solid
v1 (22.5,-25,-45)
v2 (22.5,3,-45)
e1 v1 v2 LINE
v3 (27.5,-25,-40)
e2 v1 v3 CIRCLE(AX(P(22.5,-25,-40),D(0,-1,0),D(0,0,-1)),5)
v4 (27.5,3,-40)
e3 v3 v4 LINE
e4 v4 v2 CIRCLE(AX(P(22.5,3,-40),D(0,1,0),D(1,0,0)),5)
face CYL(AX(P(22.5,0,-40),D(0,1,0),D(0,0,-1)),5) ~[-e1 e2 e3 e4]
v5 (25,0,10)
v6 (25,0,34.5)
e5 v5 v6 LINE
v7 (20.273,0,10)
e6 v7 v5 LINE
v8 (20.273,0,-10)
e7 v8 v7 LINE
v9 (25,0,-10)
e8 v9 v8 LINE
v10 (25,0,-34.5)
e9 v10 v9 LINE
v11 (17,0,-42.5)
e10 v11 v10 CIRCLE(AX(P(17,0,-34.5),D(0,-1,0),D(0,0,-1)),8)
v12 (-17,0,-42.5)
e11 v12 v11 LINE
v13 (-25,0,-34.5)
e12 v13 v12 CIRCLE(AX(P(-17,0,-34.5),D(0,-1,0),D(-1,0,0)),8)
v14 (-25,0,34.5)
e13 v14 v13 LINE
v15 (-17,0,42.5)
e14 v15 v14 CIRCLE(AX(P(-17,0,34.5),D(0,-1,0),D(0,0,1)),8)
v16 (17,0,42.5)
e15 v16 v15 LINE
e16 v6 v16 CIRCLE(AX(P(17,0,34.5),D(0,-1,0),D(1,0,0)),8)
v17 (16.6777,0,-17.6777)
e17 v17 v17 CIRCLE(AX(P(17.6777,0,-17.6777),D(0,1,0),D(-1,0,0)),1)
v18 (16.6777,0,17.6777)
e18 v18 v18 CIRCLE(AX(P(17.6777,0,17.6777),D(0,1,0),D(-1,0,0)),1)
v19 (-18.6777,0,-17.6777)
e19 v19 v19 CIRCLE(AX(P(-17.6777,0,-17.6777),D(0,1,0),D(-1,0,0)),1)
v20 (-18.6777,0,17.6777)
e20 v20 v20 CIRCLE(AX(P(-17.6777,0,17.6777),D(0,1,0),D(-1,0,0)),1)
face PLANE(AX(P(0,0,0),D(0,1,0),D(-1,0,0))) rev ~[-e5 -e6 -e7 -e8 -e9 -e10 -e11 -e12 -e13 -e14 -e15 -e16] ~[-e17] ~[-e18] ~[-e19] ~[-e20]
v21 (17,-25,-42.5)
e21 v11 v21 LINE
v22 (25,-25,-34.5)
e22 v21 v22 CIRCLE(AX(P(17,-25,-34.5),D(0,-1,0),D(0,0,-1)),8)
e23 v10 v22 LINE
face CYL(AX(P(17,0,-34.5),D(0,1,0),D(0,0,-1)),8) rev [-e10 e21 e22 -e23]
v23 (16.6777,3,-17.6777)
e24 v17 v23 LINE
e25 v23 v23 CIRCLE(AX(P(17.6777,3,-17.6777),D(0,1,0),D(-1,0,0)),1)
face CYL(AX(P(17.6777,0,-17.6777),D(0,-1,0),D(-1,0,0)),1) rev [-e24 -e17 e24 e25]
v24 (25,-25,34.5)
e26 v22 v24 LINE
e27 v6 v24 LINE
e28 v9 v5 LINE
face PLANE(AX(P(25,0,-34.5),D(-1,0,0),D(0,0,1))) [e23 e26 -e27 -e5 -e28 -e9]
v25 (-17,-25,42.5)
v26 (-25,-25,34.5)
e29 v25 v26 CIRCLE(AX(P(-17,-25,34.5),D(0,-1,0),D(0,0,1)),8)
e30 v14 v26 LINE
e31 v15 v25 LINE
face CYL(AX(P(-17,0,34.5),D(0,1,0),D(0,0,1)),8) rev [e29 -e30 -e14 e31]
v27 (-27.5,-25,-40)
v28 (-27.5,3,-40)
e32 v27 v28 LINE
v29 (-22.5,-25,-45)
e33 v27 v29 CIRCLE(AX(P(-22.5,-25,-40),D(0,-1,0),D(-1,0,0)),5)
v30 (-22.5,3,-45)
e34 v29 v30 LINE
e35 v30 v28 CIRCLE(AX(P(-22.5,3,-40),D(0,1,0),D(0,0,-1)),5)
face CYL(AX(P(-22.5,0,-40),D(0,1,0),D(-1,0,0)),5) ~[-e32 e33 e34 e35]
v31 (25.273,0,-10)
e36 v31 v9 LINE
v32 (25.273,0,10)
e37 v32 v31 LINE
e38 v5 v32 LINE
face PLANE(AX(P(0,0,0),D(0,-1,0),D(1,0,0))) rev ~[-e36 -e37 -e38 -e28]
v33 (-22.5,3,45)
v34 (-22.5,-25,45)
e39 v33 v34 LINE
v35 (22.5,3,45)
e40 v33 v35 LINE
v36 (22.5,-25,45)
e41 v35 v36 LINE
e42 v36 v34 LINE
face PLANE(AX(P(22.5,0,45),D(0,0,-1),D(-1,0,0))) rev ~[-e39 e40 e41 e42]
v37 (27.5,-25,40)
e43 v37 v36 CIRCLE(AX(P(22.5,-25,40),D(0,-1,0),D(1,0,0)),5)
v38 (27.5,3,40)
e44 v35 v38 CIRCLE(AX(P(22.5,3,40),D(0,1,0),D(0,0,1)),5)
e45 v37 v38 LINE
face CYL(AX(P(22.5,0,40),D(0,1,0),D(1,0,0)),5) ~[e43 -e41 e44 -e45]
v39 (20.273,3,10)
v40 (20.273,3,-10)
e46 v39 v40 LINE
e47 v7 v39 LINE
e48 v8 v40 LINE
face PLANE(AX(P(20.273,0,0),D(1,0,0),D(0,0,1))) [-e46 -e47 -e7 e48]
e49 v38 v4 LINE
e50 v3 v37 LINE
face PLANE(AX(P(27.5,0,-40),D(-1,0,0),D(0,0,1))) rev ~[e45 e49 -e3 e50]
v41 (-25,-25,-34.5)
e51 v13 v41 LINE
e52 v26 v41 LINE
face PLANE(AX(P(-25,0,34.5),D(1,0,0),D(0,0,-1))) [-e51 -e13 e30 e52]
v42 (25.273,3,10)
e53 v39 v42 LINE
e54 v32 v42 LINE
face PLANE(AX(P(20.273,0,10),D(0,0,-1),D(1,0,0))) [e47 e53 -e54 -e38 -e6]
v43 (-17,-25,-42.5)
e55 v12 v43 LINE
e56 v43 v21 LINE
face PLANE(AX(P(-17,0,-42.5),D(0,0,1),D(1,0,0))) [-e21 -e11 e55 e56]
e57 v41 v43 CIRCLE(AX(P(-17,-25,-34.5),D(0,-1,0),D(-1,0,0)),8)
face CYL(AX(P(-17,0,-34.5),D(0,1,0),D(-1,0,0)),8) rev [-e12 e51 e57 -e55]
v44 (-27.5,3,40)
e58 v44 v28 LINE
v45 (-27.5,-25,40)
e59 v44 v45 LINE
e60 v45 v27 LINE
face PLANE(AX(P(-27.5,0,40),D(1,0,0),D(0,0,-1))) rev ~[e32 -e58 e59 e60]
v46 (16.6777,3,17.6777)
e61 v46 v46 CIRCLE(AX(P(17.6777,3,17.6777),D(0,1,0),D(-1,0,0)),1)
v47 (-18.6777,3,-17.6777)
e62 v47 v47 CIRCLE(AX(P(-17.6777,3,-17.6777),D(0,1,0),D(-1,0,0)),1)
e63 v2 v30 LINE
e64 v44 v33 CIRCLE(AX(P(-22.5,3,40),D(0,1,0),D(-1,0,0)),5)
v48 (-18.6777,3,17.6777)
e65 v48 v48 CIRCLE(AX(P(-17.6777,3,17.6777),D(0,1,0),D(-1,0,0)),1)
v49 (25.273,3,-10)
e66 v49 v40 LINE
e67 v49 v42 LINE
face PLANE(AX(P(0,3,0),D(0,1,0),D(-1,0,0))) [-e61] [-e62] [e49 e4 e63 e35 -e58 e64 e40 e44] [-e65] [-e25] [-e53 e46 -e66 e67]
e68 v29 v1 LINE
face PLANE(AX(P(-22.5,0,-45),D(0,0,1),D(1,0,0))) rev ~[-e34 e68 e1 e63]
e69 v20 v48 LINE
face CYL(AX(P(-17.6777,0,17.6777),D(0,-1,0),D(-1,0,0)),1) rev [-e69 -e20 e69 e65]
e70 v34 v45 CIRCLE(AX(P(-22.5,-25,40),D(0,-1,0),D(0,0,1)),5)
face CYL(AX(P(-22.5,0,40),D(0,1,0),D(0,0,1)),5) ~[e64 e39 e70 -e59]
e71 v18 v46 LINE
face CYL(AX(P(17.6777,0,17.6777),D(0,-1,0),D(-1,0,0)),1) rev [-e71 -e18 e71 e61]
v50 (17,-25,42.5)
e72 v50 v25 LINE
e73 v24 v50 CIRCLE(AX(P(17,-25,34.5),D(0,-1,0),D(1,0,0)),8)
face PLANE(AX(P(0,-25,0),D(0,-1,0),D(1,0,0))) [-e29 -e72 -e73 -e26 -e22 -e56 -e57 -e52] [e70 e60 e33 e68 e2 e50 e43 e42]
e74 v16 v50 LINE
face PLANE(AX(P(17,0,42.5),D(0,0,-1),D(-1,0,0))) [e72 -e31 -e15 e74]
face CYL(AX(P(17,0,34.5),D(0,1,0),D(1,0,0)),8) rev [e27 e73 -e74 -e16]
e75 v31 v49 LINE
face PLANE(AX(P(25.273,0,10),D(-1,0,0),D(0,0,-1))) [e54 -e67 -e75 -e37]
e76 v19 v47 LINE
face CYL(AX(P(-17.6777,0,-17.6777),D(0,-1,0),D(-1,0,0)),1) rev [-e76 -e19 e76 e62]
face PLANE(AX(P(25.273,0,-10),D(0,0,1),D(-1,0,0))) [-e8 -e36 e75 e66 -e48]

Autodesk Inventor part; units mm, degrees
ref_plane "YZ Plane" through (0, 0, 0) normal (1, 0, 0) x (0, 1, 0)
ref_plane "XZ Plane" through (0, 0, 0) normal (0, 1, 0) x (-1, 0, 0)
ref_plane "XY Plane" through (0, 0, 0) normal (0, 0, 1) x (1, 0, 0)
sketch "Sketch1" plane through (0, 0, 0) normal (0, 1, 0) x (-1, 0, 0)
  line L0 (22.5, 45) -> (-22.5, 45)
  line L1 (-27.5, 40) -> (-27.5, -40)
  line L2 (-22.5, -45) -> (22.5, -45)
  line L3 (27.5, -40) -> (27.5, 40)
  line L4 (27.5, 45) -> (-27.5, -45) construction
  line L5 (-27.5, 45) -> (27.5, -45) construction
  line L6 (0, 0) -> (17.6777, 17.6777) construction
  line L7 (0, 0) -> (25, 0) construction
  circle A0 centre (17.6777, 17.6777) radius 1
  line L8 (17.6777, 17.6777) -> (21.2132, 14.1421) construction
  arc A1 (21.2132, 14.1421) -> (14.1421, 21.2132) centre (17.6777, 17.6777) ccw construction
  circle A2 centre (0, 0) radius 20 construction
  line L9 (14.1421, 21.2132) -> (10.1575, 17.2286) construction
  arc A3 (-6.25, 18.9984) -> (6.25, 18.9984) centre (0, 0) ccw construction
  line L10 (21.2132, 14.1421) -> (17.2286, 10.1575) construction
  line L11 (-14.1421, 21.2132) -> (-10.1575, 17.2286) construction
  arc A4 (-14.1421, 21.2132) -> (-21.2132, 14.1421) centre (-17.6777, 17.6777) ccw construction
  line L12 (-21.2132, 14.1421) -> (-17.2286, 10.1575) construction
  circle A5 centre (-17.6777, 17.6777) radius 1
  line L13 (-21.2132, -14.1421) -> (-17.2286, -10.1575) construction
  arc A6 (-21.2132, -14.1421) -> (-14.1421, -21.2132) centre (-17.6777, -17.6777) ccw construction
  line L14 (-14.1421, -21.2132) -> (-10.1575, -17.2286) construction
  circle A7 centre (-17.6777, -17.6777) radius 1
  line L15 (14.1421, -21.2132) -> (10.1575, -17.2286) construction
  arc A8 (14.1421, -21.2132) -> (21.2132, -14.1421) centre (17.6777, -17.6777) ccw construction
  line L16 (21.2132, -14.1421) -> (17.2286, -10.1575) construction
  circle A9 centre (17.6777, -17.6777) radius 1
  line L17 (-20.273, 10) -> (-25.273, 10)
  line L18 (-25.273, 10) -> (-25.273, -10)
  line L19 (-25.273, -10) -> (-20.273, -10)
  line L20 (-20.273, -10) -> (-20.273, 10)
  line L21 (-20.273, 10) -> (-25.273, -10) construction
  line L22 (-25.273, 10) -> (-20.273, -10) construction
  line L23 (39.9497, 0) -> (-39.9497, 0) projected
  arc A10 (22.5, -45) -> (27.5, -40) centre (22.5, -40) ccw
  arc A11 (27.5, 40) -> (22.5, 45) centre (22.5, 40) ccw
  arc A12 (-22.5, 45) -> (-27.5, 40) centre (-22.5, 40) ccw
  arc A13 (-27.5, -40) -> (-22.5, -45) centre (-22.5, -40) ccw
  point P0 (-22.773, 0)
  point P1 (-22.773, 0)
  dimension "d0" = 55
  dimension "d1" = 90
  dimension "d4" = 25
  dimension "d5" = 45
  dimension "d6" = 2
  dimension "d7" = 5
  dimension "d8" = 360
  dimension "d9" = 5
  dimension "d10" = 20
  dimension "d18" = 5
extrude "Extrusion1" add sketch "Sketch1" along normal blind 3 contours A11 L3 L23 L20 L17 L18 L1 A12 L0 | L3 A10 L2 A13 L1 L23 L18 L19 L20
sketch "Sketch2" plane through (0, 0, 0) normal (0, -1, 0) x (1, 0, 0)
  line L0 (22.5, 45) -> (-22.5, 45)
  line L1 (-27.5, 40) -> (-27.5, -40)
  line L2 (-22.5, -45) -> (22.5, -45)
  line L3 (27.5, -40) -> (27.5, 40)
  line L4 (27.5, 45) -> (-27.5, -45) construction
  line L5 (-27.5, 45) -> (27.5, -45) construction
  line L6 (17, 42.5) -> (-17, 42.5)
  line L7 (-25, 34.5) -> (-25, -34.5)
  line L8 (-17, -42.5) -> (17, -42.5)
  line L9 (25, -34.5) -> (25, 34.5)
  line L10 (25, 42.5) -> (-25, -42.5) construction
  line L11 (-25, 42.5) -> (25, -42.5) construction
  arc A0 (25, 34.5) -> (17, 42.5) centre (17, 34.5) ccw
  arc A1 (17, -42.5) -> (25, -34.5) centre (17, -34.5) ccw
  arc A2 (-25, -34.5) -> (-17, -42.5) centre (-17, -34.5) ccw
  arc A3 (-17, 42.5) -> (-25, 34.5) centre (-17, 34.5) ccw
  arc A4 (27.5, 40) -> (22.5, 45) centre (22.5, 40) ccw
  arc A5 (-22.5, 45) -> (-27.5, 40) centre (-22.5, 40) ccw
  arc A6 (-27.5, -40) -> (-22.5, -45) centre (-22.5, -40) ccw
  arc A7 (22.5, -45) -> (27.5, -40) centre (22.5, -40) ccw
  point P0 (0, 0)
  dimension "d13" = 55
  dimension "d14" = 90
  dimension "d15" = 50
  dimension "d16" = 85
  dimension "d17" = 8
  dimension "d21" = 5
extrude "Extrusion2" add sketch "Sketch2" along normal blind 25
properties part number "mount1"
